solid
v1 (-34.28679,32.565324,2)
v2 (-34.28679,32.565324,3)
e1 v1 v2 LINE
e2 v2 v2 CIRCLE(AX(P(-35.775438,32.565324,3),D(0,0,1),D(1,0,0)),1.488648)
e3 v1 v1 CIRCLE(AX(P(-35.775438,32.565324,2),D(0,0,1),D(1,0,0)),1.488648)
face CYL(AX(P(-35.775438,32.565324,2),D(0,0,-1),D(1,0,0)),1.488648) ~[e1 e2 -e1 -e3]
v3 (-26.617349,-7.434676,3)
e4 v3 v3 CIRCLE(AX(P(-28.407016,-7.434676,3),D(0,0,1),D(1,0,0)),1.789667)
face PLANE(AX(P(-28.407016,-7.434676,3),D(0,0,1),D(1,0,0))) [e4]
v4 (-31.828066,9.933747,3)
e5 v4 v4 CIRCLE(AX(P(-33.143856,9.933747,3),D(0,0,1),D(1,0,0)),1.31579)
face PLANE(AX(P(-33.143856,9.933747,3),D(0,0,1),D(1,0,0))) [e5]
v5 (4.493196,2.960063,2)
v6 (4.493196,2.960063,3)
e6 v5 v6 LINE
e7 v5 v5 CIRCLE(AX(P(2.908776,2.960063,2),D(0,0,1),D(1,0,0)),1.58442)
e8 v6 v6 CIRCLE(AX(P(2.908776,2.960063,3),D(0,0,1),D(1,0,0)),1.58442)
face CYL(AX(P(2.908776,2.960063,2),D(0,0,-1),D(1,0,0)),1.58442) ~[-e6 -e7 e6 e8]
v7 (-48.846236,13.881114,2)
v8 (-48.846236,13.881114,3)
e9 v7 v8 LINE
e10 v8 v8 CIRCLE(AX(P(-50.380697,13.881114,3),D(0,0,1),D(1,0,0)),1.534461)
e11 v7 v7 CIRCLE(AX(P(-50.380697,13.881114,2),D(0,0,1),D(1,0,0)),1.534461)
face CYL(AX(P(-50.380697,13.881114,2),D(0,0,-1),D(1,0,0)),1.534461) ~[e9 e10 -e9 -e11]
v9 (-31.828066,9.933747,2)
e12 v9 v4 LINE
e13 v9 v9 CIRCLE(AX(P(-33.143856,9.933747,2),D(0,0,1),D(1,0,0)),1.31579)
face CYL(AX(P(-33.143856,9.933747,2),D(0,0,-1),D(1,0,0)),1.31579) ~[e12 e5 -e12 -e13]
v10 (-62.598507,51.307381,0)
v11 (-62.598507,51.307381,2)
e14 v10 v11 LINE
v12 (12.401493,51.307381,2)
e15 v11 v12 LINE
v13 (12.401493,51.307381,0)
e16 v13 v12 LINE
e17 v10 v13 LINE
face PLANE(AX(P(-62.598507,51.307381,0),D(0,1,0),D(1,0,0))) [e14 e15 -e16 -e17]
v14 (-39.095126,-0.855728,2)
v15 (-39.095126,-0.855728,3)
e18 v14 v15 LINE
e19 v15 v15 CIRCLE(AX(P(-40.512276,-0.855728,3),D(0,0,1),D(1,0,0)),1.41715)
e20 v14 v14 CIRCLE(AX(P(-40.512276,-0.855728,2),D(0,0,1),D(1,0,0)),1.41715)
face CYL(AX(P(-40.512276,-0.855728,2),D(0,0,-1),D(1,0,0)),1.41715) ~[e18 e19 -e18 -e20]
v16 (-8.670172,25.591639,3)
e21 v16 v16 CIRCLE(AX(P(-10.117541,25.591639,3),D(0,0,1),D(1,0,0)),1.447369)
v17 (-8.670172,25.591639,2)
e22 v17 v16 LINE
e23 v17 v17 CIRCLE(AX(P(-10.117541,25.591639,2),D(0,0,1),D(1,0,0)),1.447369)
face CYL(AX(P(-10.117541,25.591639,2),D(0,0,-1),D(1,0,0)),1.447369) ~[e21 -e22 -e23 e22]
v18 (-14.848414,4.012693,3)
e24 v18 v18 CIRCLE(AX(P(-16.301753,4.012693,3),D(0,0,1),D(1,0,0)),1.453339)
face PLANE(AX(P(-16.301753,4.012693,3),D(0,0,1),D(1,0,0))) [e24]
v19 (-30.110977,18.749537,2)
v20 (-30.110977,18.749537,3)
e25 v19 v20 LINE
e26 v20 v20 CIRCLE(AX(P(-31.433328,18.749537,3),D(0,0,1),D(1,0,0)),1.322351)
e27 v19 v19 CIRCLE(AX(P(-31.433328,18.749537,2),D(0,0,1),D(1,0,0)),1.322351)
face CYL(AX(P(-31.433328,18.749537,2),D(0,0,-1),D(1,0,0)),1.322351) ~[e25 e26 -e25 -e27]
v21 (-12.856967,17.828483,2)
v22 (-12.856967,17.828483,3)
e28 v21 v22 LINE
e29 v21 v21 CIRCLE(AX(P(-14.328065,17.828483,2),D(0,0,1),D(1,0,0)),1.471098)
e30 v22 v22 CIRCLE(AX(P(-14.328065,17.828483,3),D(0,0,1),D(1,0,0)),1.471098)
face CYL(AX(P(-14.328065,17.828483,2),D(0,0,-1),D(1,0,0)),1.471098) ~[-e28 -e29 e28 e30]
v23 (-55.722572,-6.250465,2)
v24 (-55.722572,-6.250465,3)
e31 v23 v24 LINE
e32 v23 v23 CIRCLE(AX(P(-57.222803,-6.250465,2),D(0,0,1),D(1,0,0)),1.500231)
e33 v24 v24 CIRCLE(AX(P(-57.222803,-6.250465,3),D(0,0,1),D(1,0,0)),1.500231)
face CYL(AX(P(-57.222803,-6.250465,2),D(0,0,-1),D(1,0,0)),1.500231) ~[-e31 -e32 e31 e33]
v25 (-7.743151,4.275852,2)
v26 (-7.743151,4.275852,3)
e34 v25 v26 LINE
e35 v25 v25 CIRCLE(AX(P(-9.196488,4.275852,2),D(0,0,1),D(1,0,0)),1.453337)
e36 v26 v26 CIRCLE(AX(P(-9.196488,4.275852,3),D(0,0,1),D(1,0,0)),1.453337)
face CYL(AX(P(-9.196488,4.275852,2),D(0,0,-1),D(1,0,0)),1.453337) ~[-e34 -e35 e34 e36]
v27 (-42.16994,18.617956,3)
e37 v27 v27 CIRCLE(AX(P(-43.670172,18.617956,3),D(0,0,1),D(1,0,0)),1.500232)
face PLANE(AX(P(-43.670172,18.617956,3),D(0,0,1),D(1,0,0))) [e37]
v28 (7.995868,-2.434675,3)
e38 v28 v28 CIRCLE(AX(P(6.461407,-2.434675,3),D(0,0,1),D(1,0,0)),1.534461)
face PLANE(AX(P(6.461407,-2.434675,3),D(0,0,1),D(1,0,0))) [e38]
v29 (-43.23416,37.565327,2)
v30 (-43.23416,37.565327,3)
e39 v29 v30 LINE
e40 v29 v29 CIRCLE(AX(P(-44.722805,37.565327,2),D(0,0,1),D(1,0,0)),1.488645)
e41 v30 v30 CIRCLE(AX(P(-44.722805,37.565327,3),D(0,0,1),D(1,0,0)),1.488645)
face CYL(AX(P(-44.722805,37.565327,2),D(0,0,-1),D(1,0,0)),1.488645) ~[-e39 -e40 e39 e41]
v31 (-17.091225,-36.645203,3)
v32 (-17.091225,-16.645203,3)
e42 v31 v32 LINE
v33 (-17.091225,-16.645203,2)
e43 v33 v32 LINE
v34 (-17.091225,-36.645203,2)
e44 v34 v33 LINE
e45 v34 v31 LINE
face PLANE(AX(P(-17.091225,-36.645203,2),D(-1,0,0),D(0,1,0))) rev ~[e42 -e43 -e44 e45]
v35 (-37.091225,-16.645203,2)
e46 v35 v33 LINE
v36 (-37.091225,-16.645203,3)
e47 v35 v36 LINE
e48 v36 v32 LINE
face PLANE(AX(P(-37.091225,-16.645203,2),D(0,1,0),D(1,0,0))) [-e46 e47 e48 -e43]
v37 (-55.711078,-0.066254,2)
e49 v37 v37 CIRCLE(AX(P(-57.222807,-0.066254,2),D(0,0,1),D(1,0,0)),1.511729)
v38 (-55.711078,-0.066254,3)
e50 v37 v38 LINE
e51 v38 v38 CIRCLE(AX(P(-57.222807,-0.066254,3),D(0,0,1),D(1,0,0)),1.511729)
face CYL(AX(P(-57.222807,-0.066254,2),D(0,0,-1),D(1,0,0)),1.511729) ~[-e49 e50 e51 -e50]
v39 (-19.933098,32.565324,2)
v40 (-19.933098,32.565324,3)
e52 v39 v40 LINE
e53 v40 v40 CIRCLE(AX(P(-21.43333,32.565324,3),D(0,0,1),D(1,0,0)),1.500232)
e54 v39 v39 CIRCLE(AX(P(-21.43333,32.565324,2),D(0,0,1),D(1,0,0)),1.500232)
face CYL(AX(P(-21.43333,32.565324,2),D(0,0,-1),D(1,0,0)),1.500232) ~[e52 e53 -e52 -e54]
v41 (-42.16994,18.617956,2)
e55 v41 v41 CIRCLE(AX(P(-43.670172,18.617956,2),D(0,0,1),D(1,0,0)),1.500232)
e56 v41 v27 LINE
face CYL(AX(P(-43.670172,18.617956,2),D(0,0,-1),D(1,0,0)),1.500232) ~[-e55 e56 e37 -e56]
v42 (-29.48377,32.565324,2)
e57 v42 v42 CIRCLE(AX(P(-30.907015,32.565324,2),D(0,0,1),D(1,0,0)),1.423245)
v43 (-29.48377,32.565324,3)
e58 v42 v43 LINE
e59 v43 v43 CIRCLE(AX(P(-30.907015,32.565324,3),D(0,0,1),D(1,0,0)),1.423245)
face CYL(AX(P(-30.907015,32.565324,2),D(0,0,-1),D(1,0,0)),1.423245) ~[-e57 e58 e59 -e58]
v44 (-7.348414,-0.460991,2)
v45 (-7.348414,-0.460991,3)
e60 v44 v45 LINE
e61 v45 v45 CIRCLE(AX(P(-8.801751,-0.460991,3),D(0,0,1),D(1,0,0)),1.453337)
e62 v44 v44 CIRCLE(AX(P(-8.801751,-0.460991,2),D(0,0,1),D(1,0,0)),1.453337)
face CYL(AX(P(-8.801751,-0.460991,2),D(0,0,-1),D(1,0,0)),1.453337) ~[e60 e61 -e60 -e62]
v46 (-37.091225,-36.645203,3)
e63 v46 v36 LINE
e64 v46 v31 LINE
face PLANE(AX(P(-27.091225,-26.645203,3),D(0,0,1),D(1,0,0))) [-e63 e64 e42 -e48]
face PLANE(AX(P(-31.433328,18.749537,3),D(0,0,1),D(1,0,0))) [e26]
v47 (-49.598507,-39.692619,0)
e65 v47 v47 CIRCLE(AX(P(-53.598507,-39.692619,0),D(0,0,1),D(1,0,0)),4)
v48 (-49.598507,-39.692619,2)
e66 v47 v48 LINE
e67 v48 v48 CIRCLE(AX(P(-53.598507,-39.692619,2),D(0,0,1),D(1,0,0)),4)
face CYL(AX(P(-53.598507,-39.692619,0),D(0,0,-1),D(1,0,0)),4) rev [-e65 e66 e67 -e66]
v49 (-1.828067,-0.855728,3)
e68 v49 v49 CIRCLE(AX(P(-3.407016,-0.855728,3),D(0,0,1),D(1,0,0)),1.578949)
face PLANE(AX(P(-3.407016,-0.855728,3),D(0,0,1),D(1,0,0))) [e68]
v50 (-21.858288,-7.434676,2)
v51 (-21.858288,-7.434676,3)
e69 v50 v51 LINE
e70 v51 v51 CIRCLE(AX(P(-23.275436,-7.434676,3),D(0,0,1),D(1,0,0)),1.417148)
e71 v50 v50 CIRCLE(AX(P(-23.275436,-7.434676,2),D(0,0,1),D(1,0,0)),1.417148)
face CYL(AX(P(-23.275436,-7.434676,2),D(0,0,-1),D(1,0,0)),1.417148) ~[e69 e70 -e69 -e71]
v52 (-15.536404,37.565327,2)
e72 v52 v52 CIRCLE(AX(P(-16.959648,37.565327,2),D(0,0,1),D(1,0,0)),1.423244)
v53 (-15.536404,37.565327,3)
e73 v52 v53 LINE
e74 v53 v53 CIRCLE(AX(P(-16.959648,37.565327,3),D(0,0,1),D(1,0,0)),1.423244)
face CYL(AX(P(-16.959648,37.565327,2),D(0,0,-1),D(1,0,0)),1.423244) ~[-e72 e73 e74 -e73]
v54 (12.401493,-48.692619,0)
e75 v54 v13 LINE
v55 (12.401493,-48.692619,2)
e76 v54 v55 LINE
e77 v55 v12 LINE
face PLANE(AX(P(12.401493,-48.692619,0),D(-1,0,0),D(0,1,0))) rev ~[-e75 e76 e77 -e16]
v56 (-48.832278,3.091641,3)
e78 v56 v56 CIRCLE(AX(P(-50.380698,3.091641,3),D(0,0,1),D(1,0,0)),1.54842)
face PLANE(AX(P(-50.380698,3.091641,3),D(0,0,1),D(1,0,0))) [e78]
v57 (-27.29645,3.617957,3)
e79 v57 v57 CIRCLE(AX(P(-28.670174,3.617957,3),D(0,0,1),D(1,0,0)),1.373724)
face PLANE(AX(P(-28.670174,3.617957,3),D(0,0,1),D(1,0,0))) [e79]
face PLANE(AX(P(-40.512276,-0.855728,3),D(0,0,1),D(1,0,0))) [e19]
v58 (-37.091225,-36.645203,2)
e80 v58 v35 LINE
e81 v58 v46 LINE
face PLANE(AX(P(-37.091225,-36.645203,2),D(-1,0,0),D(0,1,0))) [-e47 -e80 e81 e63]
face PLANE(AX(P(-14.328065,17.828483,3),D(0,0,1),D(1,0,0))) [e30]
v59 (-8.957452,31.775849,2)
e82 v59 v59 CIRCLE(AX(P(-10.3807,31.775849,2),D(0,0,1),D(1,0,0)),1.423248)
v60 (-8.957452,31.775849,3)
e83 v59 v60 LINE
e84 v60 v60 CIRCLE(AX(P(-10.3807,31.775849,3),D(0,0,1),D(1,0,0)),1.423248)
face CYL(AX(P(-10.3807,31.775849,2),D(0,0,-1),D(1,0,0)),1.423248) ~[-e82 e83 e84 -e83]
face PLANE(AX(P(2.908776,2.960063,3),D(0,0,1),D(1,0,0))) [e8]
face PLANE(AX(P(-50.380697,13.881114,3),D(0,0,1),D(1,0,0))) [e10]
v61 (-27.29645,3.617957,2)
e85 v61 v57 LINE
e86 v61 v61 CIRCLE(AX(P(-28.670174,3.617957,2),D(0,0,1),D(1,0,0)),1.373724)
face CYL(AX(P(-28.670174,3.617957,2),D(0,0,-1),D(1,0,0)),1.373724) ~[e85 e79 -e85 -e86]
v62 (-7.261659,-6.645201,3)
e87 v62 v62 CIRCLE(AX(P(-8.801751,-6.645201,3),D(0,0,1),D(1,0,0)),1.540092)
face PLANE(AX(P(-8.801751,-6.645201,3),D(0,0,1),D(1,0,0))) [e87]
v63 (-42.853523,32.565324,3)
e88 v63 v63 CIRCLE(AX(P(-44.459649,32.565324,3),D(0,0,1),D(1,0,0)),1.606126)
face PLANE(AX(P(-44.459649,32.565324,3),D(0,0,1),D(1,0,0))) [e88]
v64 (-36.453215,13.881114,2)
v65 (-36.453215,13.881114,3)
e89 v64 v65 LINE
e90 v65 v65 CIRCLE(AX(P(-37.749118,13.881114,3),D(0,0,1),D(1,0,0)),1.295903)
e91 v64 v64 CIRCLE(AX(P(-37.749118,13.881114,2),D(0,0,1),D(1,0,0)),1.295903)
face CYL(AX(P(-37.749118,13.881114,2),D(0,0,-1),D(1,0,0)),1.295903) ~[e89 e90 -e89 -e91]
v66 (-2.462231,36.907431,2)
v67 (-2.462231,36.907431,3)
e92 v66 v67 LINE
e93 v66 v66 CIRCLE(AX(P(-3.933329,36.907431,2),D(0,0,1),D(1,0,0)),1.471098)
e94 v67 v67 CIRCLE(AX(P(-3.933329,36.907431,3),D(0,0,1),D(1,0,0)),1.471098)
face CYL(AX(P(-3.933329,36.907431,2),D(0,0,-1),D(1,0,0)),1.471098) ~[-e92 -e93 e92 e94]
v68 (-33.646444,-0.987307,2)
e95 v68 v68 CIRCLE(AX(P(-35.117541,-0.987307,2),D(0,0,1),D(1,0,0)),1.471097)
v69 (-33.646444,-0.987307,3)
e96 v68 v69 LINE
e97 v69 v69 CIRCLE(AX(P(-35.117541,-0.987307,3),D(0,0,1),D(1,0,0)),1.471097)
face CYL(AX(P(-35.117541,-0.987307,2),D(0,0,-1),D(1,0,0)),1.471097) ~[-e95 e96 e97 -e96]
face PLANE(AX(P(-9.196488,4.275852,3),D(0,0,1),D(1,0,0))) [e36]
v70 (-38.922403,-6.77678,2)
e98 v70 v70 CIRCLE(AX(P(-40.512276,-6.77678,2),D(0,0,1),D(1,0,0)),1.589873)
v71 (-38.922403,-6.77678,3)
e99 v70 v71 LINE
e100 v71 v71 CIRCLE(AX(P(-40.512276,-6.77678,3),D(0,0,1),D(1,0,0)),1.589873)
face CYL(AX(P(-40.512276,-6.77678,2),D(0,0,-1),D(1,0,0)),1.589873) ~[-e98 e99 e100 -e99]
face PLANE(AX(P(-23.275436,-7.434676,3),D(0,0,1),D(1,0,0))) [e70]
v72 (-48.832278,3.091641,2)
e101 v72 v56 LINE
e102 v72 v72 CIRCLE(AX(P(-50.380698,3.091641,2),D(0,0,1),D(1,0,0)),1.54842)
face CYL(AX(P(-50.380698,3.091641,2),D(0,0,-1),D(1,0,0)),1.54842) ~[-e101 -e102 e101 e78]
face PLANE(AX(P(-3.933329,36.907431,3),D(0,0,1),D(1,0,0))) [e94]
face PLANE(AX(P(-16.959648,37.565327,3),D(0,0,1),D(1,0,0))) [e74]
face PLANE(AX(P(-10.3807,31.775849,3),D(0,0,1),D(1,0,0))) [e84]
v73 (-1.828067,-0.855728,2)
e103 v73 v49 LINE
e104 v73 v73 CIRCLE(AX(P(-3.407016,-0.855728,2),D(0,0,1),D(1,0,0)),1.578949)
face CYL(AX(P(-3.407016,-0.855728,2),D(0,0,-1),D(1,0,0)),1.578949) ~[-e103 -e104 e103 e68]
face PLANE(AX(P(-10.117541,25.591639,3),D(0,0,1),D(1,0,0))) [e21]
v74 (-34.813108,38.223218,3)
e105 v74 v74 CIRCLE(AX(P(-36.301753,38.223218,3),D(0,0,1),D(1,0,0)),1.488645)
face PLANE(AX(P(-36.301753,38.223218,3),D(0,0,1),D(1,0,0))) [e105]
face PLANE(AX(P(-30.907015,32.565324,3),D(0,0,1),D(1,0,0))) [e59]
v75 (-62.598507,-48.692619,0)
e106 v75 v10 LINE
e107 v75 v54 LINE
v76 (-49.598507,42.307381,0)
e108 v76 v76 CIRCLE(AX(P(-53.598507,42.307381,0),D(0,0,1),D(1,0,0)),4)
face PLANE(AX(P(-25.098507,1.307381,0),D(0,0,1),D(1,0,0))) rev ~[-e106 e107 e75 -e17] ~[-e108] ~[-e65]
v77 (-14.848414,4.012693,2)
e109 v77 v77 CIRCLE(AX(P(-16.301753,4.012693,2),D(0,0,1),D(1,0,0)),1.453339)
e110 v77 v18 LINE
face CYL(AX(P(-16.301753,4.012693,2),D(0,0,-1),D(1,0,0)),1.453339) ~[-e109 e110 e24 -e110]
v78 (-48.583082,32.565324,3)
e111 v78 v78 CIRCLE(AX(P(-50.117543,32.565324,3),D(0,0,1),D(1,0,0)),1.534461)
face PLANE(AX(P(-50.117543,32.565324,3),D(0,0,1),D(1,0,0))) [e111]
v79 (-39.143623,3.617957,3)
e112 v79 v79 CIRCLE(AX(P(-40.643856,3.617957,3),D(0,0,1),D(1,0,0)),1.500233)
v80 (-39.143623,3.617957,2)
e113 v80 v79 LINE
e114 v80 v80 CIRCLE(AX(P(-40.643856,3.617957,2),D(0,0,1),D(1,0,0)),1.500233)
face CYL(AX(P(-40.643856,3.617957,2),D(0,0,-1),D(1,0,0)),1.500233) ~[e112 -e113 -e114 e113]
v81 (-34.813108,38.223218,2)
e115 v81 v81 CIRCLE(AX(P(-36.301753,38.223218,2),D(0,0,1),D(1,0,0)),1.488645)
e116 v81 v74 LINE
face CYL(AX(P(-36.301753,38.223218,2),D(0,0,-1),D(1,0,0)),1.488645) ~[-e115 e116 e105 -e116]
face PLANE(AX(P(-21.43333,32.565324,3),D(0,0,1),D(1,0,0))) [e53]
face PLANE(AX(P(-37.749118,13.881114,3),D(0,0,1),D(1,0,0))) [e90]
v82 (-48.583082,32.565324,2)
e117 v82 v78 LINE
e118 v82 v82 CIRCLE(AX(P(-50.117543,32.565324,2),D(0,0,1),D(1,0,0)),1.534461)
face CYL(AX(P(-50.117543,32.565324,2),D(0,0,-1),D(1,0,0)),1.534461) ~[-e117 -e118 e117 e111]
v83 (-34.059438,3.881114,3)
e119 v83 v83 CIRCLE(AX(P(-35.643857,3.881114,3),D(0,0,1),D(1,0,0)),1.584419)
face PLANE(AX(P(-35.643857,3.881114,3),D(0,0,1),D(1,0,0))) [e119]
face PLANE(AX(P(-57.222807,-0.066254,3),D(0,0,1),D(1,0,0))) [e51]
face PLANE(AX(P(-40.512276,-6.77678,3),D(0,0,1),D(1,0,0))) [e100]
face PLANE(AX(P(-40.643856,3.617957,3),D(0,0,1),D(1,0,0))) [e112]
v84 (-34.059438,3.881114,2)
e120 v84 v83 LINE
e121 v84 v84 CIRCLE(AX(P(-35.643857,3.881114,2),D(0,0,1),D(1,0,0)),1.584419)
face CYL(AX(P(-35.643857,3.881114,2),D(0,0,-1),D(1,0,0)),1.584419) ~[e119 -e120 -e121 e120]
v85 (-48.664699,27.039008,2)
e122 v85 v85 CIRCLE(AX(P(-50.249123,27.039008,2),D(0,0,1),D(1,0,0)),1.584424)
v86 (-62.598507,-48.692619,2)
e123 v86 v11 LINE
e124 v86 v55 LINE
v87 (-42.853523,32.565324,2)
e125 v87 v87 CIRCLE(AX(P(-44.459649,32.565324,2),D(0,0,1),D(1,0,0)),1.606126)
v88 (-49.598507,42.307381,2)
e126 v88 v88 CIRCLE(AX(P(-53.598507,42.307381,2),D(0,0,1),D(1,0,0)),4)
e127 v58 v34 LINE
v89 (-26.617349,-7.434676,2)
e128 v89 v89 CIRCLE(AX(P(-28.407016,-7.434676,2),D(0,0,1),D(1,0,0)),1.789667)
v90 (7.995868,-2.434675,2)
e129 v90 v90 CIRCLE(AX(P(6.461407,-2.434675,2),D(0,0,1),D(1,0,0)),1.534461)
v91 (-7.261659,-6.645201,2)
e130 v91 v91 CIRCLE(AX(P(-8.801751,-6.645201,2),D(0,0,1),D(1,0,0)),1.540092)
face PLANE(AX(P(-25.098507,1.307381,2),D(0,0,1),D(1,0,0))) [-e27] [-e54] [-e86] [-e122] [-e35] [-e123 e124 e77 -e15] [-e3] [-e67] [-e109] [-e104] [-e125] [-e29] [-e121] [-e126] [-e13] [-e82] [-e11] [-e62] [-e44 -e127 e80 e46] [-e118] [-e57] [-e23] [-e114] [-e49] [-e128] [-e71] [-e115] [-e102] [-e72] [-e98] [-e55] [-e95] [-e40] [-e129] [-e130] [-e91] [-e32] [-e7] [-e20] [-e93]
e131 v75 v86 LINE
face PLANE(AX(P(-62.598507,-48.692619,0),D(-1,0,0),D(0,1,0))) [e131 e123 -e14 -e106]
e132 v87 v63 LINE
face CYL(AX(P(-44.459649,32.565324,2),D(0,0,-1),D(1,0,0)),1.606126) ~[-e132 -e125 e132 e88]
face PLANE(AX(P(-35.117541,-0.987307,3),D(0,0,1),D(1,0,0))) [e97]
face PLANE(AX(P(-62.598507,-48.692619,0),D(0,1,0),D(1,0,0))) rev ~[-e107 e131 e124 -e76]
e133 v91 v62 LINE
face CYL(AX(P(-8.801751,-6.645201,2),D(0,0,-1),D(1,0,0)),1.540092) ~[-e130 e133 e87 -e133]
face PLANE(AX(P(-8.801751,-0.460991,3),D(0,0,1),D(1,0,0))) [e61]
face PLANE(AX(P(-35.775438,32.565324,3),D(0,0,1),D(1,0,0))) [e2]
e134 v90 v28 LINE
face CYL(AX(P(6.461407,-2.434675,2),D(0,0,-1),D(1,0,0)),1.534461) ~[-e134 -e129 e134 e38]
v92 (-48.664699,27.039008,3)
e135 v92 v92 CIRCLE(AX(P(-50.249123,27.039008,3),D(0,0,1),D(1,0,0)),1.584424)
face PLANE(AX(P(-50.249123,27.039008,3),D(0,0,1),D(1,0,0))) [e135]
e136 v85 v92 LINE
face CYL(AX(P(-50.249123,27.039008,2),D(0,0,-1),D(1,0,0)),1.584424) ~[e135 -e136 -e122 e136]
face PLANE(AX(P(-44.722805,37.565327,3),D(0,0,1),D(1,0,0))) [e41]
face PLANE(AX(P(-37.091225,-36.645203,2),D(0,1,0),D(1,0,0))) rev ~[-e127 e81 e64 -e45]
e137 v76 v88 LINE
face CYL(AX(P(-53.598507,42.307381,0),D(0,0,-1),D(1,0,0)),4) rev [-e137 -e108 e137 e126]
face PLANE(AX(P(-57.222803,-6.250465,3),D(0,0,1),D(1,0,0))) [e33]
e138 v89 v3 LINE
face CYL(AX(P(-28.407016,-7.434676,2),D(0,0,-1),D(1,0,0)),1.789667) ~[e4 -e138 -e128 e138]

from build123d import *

# Parameters (mm, degrees)
F0_W     = 75
F0_H     = 100
F0_R     = 4
F1_DEPTH = 2
F2_R     = 1.488645
F2_R_2   = 1.606126
F2_R_3   = 1.534461
F2_R_4   = 1.584424
F2_R_5   = 1.423245
F2_R_6   = 1.488648
F2_R_7   = 1.500232
F2_R_8   = 1.423244
F2_R_9   = 1.447369
F2_R_10  = 1.423248
F2_R_11  = 1.471098
F2_R_12  = 1.31579
F2_R_13  = 1.295903
F2_R_14  = 1.322351
F2_R_15  = 1.500231
F2_R_16  = 1.511729
F2_R_17  = 1.54842
F2_R_18  = 1.589873
F2_R_19  = 1.41715
F2_R_20  = 1.500233
F2_R_21  = 1.584419
F2_R_22  = 1.471097
F2_R_23  = 1.789667
F2_R_24  = 1.417148
F2_R_25  = 1.373724
F2_R_26  = 1.453339
F2_R_27  = 1.453337
F2_R_28  = 1.540092
F2_R_29  = 1.578949
F2_R_30  = 1.58442
F2_W     = 20
F2_H     = 20
F3_DEPTH = 1


with BuildPart() as f1:
    # F0 (on Top) → F1 (new body)
    with BuildSketch(Plane.XY):
        with Locations((-25.098507, 1.307381)):
            Rectangle(F0_W, F0_H)
        with Locations((-53.598507, -39.692619)):
            Circle(F0_R, mode=Mode.SUBTRACT)
        with Locations((-53.598507, 42.307381)):
            Circle(F0_R, mode=Mode.SUBTRACT)
    extrude(amount=F1_DEPTH)

    # F2 (on face) → F3 (join)
    with BuildSketch(Plane.XY.offset(2)):
        with Locations((-44.722805, 37.565327)):
            Circle(F2_R)
        with Locations((-44.459649, 32.565324)):
            Circle(F2_R_2)
        with Locations((-50.117543, 32.565324)):
            Circle(F2_R_3)
        with Locations((-50.249123, 27.039008)):
            Circle(F2_R_4)
        with Locations((-30.907015, 32.565324)):
            Circle(F2_R_5)
        with Locations((-35.775438, 32.565324)):
            Circle(F2_R_6)
        with Locations((-36.301753, 38.223218)):
            Circle(F2_R)
        with Locations((-21.43333, 32.565324)):
            Circle(F2_R_7)
        with Locations((-16.959648, 37.565327)):
            Circle(F2_R_8)
        with Locations((-10.117541, 25.591639)):
            Circle(F2_R_9)
        with Locations((-10.3807, 31.775849)):
            Circle(F2_R_10)
        with Locations((-3.933329, 36.907431)):
            Circle(F2_R_11)
        with Locations((-50.380697, 13.881114)):
            Circle(F2_R_3)
        with Locations((-43.670172, 18.617956)):
            Circle(F2_R_7)
        with Locations((-33.143856, 9.933747)):
            Circle(F2_R_12)
        with Locations((-37.749118, 13.881114)):
            Circle(F2_R_13)
        with Locations((-31.433328, 18.749537)):
            Circle(F2_R_14)
        with Locations((-14.328065, 17.828483)):
            Circle(F2_R_11)
        with Locations((-57.222803, -6.250465)):
            Circle(F2_R_15)
        with Locations((-57.222807, -0.066254)):
            Circle(F2_R_16)
        with Locations((-50.380698, 3.091641)):
            Circle(F2_R_17)
        with Locations((-40.512276, -6.77678)):
            Circle(F2_R_18)
        with Locations((-40.512276, -0.855728)):
            Circle(F2_R_19)
        with Locations((-40.643856, 3.617957)):
            Circle(F2_R_20)
        with Locations((-35.643857, 3.881114)):
            Circle(F2_R_21)
        with Locations((-35.117541, -0.987307)):
            Circle(F2_R_22)
        with Locations((-28.407016, -7.434676)):
            Circle(F2_R_23)
        with Locations((-23.275436, -7.434676)):
            Circle(F2_R_24)
        with Locations((-28.670174, 3.617957)):
            Circle(F2_R_25)
        with Locations((-16.301753, 4.012693)):
            Circle(F2_R_26)
        with Locations((-9.196488, 4.275852)):
            Circle(F2_R_27)
        with Locations((-8.801751, -0.460991)):
            Circle(F2_R_27)
        with Locations((-8.801751, -6.645201)):
            Circle(F2_R_28)
        with Locations((-3.407016, -0.855728)):
            Circle(F2_R_29)
        with Locations((2.908776, 2.960063)):
            Circle(F2_R_30)
        with Locations((6.461407, -2.434675)):
            Circle(F2_R_3)
        with Locations((-27.091225, -26.645203)):
            Rectangle(F2_W, F2_H)
    extrude(amount=F3_DEPTH)


solid = f1.part
